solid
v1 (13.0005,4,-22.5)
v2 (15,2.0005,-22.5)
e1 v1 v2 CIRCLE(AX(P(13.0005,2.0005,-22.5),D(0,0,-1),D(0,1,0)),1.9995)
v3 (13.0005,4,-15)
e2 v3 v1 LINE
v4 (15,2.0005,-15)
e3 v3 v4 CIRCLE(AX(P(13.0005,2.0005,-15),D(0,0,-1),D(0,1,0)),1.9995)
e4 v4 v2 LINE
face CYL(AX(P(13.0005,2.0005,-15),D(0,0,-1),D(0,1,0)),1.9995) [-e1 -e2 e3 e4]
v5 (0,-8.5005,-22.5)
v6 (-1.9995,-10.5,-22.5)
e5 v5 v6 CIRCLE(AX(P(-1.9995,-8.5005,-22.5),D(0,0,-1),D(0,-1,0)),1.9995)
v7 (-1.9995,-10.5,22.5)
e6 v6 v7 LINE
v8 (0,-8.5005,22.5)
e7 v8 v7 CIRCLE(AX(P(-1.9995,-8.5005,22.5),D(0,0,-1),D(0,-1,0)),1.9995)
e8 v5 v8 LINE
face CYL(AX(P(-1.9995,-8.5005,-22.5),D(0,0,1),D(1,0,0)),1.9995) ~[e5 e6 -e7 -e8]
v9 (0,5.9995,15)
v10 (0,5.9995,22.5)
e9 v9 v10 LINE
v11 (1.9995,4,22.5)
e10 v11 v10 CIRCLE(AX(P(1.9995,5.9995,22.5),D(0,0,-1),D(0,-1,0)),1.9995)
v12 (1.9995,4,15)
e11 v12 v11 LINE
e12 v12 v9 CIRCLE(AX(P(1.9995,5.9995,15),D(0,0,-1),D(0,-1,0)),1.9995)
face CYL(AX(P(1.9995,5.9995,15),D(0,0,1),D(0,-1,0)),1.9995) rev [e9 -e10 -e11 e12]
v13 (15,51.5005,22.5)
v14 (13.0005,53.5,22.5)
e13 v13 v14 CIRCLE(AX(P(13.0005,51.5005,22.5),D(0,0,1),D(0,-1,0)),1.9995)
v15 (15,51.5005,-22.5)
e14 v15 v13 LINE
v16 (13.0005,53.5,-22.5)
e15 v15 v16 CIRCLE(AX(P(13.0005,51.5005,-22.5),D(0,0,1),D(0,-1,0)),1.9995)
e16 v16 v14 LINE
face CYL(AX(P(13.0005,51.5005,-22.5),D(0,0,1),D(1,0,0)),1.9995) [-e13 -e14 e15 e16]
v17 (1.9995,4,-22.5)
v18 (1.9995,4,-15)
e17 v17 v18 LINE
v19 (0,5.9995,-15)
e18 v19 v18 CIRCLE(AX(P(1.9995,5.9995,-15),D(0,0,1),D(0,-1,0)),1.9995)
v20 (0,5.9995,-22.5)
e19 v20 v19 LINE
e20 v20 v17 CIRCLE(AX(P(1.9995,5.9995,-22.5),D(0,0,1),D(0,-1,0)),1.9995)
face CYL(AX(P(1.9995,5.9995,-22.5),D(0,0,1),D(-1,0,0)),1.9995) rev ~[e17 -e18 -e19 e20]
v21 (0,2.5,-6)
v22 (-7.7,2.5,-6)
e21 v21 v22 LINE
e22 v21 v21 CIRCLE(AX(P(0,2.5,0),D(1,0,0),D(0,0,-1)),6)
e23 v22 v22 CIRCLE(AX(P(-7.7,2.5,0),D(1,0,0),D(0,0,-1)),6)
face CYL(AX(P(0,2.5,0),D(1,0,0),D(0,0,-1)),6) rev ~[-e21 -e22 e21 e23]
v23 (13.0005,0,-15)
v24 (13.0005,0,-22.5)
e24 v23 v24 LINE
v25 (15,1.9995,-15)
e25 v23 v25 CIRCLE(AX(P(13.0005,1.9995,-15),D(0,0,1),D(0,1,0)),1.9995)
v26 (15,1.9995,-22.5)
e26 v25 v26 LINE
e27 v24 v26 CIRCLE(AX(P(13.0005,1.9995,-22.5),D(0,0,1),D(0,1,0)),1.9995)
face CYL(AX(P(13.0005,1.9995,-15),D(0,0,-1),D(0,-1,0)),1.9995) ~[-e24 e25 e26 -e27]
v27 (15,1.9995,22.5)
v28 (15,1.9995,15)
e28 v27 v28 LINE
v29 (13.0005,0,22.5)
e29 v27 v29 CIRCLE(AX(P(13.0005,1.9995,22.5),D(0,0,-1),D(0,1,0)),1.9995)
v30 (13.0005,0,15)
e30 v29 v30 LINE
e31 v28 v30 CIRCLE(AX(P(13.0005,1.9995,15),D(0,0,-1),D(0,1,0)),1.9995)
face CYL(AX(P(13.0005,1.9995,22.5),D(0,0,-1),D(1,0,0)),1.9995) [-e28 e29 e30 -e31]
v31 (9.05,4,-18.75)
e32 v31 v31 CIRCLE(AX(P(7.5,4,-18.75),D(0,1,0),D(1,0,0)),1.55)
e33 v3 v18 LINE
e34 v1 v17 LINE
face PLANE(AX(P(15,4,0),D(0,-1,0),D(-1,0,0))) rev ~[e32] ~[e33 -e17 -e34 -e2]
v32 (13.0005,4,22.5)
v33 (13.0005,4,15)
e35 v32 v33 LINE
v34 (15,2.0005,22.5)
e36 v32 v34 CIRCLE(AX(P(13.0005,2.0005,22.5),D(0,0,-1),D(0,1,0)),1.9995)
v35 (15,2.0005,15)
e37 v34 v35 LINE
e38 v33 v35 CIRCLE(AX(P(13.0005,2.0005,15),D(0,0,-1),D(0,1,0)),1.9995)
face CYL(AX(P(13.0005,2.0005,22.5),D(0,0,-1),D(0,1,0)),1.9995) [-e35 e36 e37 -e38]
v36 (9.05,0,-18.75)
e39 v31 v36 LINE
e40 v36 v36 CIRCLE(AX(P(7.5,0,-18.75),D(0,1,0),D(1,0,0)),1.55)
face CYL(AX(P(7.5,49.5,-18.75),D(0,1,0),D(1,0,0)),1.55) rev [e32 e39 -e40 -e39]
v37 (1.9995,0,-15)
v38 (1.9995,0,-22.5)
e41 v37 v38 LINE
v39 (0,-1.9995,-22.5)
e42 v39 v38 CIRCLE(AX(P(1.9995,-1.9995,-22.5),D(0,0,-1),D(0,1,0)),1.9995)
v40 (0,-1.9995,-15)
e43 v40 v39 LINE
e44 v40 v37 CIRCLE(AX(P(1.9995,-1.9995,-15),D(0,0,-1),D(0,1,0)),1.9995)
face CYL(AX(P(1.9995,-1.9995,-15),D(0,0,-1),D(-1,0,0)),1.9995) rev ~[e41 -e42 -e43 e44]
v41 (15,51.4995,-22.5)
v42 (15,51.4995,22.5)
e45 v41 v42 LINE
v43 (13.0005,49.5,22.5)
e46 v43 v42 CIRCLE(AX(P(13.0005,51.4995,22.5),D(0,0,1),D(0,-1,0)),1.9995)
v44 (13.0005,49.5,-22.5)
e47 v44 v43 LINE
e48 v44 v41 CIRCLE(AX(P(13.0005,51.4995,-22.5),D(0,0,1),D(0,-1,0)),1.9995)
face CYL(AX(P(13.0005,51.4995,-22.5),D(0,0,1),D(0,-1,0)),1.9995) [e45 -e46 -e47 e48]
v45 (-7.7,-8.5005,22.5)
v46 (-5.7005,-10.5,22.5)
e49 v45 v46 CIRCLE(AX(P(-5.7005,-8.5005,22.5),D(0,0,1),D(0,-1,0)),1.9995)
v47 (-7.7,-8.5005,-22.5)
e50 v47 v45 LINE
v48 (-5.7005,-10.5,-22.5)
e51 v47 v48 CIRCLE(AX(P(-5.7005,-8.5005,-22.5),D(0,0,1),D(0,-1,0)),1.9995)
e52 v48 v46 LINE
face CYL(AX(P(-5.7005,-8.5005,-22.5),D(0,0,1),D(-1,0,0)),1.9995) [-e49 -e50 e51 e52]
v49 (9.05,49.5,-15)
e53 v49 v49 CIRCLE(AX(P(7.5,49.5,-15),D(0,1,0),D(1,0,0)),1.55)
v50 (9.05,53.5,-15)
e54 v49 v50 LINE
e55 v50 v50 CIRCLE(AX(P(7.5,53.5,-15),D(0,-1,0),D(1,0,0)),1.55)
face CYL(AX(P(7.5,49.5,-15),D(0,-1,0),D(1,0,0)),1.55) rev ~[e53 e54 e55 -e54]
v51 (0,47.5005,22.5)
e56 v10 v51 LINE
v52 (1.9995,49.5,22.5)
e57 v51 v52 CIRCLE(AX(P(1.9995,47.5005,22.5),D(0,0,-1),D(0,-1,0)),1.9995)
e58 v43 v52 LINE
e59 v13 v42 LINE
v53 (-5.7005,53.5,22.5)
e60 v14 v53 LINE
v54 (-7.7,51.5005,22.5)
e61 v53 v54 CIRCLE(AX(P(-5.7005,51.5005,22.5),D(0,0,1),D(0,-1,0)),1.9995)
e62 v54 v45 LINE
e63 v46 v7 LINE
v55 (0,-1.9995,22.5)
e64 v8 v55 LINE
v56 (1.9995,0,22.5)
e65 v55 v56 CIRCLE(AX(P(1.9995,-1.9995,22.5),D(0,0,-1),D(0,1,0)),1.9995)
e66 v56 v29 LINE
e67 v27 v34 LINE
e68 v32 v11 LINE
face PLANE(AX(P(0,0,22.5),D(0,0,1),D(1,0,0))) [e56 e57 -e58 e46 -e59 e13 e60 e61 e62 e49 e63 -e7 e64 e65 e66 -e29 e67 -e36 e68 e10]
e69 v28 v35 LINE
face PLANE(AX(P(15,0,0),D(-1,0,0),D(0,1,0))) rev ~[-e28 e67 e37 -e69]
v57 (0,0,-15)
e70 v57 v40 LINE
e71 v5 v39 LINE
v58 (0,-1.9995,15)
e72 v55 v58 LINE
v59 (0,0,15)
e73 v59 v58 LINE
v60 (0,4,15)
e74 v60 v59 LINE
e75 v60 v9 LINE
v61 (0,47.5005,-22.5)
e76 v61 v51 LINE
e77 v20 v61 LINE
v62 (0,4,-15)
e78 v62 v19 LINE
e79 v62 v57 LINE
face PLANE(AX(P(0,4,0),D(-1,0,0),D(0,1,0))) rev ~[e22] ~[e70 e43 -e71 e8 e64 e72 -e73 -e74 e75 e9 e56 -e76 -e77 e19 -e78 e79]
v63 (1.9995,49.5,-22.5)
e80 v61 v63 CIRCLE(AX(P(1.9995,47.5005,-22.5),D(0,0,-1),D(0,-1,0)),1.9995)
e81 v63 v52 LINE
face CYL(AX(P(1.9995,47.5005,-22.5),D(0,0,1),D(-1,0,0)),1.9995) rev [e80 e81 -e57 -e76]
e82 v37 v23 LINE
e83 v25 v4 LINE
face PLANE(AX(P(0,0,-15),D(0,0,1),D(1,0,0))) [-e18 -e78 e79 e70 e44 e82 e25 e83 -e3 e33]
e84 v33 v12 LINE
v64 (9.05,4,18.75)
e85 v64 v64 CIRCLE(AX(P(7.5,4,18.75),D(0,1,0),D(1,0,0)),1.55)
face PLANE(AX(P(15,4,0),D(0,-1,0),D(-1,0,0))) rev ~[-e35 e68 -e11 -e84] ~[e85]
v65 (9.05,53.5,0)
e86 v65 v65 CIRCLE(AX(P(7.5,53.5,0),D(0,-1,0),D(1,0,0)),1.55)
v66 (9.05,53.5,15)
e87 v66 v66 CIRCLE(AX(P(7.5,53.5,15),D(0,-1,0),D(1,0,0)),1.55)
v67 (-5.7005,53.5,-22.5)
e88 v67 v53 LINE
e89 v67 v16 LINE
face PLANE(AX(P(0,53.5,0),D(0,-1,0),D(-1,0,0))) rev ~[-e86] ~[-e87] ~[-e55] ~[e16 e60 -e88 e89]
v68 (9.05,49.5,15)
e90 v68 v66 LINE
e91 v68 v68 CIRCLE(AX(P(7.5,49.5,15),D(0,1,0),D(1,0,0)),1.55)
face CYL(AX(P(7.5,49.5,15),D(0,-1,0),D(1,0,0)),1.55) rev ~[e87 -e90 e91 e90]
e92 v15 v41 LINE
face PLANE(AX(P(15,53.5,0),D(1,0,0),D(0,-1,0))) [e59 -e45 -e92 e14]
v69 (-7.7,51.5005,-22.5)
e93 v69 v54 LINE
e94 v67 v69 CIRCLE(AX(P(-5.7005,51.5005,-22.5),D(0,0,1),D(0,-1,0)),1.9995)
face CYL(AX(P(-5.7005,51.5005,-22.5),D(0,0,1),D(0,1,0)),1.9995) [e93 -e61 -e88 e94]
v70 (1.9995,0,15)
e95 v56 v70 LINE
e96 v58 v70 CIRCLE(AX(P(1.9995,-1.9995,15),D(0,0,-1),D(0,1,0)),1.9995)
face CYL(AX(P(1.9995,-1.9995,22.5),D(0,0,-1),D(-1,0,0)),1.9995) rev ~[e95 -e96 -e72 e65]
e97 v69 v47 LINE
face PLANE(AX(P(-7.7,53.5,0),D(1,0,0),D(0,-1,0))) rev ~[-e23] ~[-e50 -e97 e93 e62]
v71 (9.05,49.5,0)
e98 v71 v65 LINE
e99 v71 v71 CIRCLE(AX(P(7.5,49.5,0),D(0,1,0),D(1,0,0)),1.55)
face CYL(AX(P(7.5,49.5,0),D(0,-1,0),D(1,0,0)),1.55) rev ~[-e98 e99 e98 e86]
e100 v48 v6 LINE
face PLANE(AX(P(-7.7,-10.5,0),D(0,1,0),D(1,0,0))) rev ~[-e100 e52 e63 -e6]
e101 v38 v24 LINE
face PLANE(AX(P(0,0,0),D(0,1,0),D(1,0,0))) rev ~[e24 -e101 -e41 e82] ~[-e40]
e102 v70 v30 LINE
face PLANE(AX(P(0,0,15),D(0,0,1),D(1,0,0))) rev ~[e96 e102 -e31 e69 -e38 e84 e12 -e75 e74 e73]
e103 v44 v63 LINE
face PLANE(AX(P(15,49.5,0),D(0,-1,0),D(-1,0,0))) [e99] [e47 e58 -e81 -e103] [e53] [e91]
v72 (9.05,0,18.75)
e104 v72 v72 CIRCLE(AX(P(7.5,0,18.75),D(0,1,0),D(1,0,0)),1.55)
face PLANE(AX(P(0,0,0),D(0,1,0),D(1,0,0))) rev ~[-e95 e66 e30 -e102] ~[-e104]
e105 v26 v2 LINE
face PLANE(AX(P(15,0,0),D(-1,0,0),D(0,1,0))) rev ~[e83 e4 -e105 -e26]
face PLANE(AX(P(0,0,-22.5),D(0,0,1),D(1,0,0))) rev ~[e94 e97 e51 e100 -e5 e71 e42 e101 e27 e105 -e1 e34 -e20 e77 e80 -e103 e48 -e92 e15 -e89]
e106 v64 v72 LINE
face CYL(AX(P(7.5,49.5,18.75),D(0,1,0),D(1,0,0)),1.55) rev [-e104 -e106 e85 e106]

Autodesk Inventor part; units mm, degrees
ref_plane "YZ Plane" through (0, 0, 0) normal (1, 0, 0) x (0, 1, 0)
ref_plane "XZ Plane" through (0, 0, 0) normal (0, 1, 0) x (-1, 0, 0)
ref_plane "XY Plane" through (0, 0, 0) normal (0, 0, 1) x (1, 0, 0)
sketch "Sketch1" plane through (0, 0, 0) normal (0, 0, 1) x (1, 0, 0)
  line L0 (0, 0) -> (15, 0)
  line L1 (15, 0) -> (15, 4)
  line L2 (15, 4) -> (0, 4)
  line L3 (0, 4) -> (0, 0)
  line L4 (0, 53.5) -> (15, 53.5)
  line L5 (15, 53.5) -> (15, 49.5)
  line L6 (15, 49.5) -> (0, 49.5)
  line L7 (0, 49.5) -> (0, 53.5)
  line L8 (0, 53.5) -> (-7.7, 53.5)
  line L9 (-7.7, 53.5) -> (-7.7, -10.5)
  line L10 (-7.7, -10.5) -> (0, -10.5)
  line L11 (0, -10.5) -> (0, 53.5)
  point P0 (0, 49.5)
  dimension "d0" = 15
  dimension "d1" = 4
  dimension "d2" = 15
  dimension "d3" = 4
  dimension "d4" = 45.5
  dimension "d5" = 7.7
  dimension "d6" = 64
extrude "Extrusion1" add sketch "Sketch1" along normal mid plane 45
extrude "Extrusion2" cut sketch "Sketch1" along normal mid plane 30 contours L3 L2 L1 L0
sketch "Sketch3" plane through (0, 49.5, 22.5) normal (0, -1, 0) x (1, 0, 0)
  line L0 (0, 0) -> (15, 0) projected
  line L1 (7.5, 0) -> (7.5, -45)
  line L2 (15, -45) -> (0, -45) projected
  circle A0 centre (7.5, -3.75) radius 1.55
  circle A1 centre (7.5, -7.5) radius 1.55
  circle A2 centre (7.5, -22.5) radius 1.55
  circle A3 centre (7.5, -37.5) radius 1.55
  circle A4 centre (7.5, -41.25) radius 1.55
  line L3 (0, 0) -> (15, 0) projected
  line L4 (15, -45) -> (0, -45) projected
  line L5 (15, -45) -> (15, 0) projected
  point P0 (0, -22.5)
  dimension "d11" = 3.1
  dimension "d12" = 3.1
  dimension "d13" = 3.1
  dimension "d14" = 3.1
  dimension "d15" = 3.1
  dimension "d16" = 3.75
  dimension "d17" = 7.5
  dimension "d18" = 3.75
  dimension "d19" = 7.5
  dimension "d20" = 7.5
extrude "Extrusion3" cut sketch "Sketch3" along normal through all contours A0 L1 | L1 A0 | A4 L1 | L1 A4
extrude "Extrusion4" cut sketch "Sketch3" against normal through all contours A1 L1 | L1 A1 | A2 L1 | L1 A2 | A3 L1 | L1 A3
sketch "Sketch4" plane through (0, 4, -22.5) normal (1, 0, 0) x (0, 0, -1)
  circle A0 centre (-22.5, -1.5) radius 6
  line L0 (-45, -14.5) -> (0, -14.5) projected
  line L1 (-22.5, -1.5) -> (-22.5, -14.5) construction
  point P0 (-22.5, -4)
  dimension "d29" = 12
  dimension "d40" = 13
extrude "Extrusion6" cut sketch "Sketch4" against normal through all
fillet "Fillet1" radius 2 14 edges at (0, 49.5, 0) (15, 49.5, 0) (15, 53.5, 0) (-7.7, 53.5, 0) (0, 4, 18.75) (0, 4, -18.75) (15, 4, -18.75) (15, 0, -18.75) (15, 4, 18.75) (15, 0, 18.75) (0, -10.5, 0) (0, 0, 18.75) (0, 0, -18.75) (-7.7, -10.5, 0)
properties part number "ThickBearingBracket" material "PC/ABS Plastic"
